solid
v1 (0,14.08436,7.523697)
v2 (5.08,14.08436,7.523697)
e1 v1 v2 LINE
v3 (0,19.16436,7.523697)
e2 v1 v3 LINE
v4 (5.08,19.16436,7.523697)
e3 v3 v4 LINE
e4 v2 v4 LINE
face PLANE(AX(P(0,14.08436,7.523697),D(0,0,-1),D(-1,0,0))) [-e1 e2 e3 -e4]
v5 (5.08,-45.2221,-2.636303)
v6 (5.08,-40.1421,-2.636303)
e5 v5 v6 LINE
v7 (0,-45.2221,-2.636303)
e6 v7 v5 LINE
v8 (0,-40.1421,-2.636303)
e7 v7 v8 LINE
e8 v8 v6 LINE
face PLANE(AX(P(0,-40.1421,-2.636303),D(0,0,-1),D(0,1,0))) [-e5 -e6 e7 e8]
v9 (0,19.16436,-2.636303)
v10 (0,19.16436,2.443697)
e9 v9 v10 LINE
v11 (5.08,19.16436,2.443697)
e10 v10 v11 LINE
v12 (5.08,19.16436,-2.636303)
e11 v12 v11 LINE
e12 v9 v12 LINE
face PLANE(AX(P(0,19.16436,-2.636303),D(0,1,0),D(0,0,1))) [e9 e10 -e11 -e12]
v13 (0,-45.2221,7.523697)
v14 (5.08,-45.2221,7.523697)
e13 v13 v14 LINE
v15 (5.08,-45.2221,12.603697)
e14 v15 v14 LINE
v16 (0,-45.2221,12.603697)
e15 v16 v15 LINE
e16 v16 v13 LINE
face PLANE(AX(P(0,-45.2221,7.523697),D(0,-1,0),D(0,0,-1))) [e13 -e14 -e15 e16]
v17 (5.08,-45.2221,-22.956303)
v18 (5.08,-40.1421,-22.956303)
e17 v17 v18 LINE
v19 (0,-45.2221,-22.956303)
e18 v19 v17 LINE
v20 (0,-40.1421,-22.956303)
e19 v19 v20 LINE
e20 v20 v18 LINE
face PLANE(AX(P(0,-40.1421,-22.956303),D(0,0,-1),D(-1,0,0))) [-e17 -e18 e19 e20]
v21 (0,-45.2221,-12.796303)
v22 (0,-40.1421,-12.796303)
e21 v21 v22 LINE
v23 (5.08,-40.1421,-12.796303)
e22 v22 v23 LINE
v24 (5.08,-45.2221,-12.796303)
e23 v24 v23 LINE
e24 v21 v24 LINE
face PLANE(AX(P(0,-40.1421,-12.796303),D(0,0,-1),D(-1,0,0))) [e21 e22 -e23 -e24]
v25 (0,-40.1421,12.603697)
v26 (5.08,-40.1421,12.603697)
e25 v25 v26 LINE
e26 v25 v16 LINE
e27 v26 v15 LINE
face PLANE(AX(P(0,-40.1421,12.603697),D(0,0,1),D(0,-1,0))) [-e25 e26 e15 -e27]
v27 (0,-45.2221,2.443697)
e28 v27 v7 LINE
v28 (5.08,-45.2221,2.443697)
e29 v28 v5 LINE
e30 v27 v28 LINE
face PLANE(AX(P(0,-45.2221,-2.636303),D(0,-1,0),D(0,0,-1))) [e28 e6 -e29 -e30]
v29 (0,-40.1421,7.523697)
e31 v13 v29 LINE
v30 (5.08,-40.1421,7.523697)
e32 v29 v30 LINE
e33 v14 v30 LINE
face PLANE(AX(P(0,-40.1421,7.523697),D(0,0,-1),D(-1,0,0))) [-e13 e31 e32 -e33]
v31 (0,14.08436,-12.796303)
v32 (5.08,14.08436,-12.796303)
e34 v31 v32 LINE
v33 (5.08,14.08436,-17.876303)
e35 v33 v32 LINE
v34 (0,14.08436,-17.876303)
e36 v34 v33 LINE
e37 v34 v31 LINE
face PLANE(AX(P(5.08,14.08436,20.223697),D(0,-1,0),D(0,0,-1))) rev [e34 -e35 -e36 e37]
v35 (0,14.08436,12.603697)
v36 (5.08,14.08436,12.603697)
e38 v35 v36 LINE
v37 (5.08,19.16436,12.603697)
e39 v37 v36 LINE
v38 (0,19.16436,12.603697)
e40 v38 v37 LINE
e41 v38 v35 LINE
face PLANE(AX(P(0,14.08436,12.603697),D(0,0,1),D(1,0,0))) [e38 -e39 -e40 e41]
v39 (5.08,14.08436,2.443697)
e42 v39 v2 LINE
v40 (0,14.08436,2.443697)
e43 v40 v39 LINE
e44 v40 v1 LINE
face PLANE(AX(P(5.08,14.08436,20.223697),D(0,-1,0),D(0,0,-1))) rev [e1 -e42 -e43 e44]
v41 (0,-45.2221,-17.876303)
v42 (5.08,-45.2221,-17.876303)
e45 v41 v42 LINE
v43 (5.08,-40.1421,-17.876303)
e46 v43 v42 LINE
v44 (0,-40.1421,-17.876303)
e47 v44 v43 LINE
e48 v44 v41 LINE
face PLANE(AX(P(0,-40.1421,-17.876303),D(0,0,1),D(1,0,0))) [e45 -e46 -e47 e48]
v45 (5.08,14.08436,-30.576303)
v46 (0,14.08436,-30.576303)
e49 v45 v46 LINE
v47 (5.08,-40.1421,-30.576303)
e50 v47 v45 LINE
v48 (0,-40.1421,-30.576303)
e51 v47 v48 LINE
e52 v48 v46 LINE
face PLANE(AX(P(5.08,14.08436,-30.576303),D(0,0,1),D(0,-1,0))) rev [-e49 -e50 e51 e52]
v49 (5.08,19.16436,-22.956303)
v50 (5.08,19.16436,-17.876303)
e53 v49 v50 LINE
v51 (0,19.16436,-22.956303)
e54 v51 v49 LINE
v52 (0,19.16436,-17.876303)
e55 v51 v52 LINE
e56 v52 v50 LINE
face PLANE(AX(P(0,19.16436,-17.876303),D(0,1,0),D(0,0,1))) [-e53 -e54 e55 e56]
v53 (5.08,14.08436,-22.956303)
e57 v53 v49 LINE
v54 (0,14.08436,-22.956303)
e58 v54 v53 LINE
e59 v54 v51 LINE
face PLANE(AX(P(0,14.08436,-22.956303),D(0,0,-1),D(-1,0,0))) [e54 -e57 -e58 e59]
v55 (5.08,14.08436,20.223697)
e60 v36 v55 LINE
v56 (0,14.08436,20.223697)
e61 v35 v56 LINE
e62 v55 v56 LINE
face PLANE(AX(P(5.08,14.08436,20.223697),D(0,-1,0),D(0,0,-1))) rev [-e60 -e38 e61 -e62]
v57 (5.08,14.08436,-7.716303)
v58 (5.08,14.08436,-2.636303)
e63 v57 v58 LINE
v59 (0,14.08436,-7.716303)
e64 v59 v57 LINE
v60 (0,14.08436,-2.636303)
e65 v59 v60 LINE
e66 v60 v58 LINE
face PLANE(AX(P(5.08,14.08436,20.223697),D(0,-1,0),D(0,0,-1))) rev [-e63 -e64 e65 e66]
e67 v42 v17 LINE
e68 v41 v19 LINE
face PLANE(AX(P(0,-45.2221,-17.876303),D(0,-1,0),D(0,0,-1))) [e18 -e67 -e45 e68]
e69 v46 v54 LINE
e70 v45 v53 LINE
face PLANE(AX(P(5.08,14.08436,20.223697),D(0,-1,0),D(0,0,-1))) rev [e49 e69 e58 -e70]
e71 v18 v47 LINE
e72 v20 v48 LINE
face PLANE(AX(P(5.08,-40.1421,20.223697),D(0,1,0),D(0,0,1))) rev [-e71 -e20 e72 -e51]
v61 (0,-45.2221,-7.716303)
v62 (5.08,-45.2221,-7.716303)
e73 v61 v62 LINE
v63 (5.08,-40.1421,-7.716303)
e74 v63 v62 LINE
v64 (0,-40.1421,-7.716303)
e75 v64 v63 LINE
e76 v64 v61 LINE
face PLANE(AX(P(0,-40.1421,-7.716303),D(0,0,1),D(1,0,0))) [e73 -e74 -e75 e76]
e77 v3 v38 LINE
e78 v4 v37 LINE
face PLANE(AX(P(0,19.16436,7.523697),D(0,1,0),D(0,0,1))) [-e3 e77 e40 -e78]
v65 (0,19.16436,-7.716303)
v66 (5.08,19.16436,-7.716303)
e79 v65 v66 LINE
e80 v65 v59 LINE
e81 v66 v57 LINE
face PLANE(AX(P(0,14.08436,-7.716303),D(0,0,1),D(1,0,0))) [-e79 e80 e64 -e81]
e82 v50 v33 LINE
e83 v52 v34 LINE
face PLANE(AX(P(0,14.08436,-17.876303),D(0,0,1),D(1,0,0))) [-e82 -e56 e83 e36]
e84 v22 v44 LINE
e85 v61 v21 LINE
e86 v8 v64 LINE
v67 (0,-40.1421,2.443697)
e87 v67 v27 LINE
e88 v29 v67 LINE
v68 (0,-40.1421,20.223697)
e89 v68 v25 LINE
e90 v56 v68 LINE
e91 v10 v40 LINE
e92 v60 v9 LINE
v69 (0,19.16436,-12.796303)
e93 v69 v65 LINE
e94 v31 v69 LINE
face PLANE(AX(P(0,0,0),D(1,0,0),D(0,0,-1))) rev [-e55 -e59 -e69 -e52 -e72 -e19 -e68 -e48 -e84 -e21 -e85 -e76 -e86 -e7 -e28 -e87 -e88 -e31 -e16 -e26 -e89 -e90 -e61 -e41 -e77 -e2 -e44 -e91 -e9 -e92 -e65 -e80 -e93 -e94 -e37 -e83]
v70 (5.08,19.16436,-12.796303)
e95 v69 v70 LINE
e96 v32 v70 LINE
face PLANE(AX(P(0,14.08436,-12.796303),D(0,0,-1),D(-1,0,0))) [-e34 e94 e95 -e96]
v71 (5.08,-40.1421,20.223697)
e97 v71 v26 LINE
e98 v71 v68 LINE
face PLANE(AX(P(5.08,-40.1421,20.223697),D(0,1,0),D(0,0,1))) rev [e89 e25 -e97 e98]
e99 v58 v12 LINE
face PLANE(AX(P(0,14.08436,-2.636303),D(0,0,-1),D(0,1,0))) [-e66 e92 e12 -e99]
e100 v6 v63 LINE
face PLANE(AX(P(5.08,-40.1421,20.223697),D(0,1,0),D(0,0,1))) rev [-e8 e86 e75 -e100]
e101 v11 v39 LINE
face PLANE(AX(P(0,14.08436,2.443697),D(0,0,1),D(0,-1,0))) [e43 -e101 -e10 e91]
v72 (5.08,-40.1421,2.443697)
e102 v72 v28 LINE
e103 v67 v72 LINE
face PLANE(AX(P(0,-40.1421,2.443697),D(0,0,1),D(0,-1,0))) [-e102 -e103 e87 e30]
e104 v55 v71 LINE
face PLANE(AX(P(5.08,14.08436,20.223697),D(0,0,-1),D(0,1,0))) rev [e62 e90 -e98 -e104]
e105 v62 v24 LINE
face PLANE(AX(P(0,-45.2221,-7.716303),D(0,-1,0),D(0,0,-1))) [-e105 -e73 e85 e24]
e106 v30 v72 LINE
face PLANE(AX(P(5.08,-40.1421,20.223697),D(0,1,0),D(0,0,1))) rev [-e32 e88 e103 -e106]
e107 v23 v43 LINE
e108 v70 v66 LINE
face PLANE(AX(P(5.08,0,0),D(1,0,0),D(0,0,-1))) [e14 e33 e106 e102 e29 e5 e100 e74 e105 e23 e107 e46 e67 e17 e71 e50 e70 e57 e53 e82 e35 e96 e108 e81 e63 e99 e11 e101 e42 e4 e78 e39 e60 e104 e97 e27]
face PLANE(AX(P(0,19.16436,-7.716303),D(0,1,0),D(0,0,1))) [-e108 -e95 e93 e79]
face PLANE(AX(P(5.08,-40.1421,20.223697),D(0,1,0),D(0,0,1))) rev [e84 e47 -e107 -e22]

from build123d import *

# Parameters (mm, degrees)
SKETCH1_W           = 50.8
SKETCH1_H           = 54.22646
BOSS_EXTRUDE1_DEPTH = 5.08
SKETCH2_W           = 5.08
SKETCH2_H           = 5.08
BOSS_EXTRUDE2_DEPTH = 5.08


with BuildPart() as part:
    # Sketch1 → Boss-Extrude1 (new body)
    with BuildSketch(Plane(origin=(0, 0, 0), x_dir=(0, 0, -1), z_dir=(1, 0, 0))):
        with Locations((5.176303318, -13.02886981)):
            Rectangle(SKETCH1_W, SKETCH1_H)
    extrude(amount=BOSS_EXTRUDE1_DEPTH)

    # Sketch2 → Boss-Extrude2 (add)
    with BuildSketch(Plane(origin=(5.08, 0, 0), x_dir=(0, 0, -1), z_dir=(1, 0, 0))):
        with Locations((-10.063696682, 16.62436019)):
            Rectangle(SKETCH2_W, SKETCH2_H)
        with Locations((10.256303318, 16.62436019)):
            Rectangle(SKETCH2_W, SKETCH2_H)
        with Locations((20.416303318, 16.62436019)):
            Rectangle(SKETCH2_W, SKETCH2_H)
        with Locations((0.096303318, 16.62436019)):
            Rectangle(SKETCH2_W, SKETCH2_H)
        with Locations((0.096303318, -42.68209981)):
            Rectangle(SKETCH2_W, SKETCH2_H)
        with Locations((-10.063696682, -42.68209981)):
            Rectangle(SKETCH2_W, SKETCH2_H)
        with Locations((20.416303318, -42.68209981)):
            Rectangle(SKETCH2_W, SKETCH2_H)
        with Locations((10.256303318, -42.68209981)):
            Rectangle(SKETCH2_W, SKETCH2_H)
    extrude(amount=-BOSS_EXTRUDE2_DEPTH)


solid = part.part
